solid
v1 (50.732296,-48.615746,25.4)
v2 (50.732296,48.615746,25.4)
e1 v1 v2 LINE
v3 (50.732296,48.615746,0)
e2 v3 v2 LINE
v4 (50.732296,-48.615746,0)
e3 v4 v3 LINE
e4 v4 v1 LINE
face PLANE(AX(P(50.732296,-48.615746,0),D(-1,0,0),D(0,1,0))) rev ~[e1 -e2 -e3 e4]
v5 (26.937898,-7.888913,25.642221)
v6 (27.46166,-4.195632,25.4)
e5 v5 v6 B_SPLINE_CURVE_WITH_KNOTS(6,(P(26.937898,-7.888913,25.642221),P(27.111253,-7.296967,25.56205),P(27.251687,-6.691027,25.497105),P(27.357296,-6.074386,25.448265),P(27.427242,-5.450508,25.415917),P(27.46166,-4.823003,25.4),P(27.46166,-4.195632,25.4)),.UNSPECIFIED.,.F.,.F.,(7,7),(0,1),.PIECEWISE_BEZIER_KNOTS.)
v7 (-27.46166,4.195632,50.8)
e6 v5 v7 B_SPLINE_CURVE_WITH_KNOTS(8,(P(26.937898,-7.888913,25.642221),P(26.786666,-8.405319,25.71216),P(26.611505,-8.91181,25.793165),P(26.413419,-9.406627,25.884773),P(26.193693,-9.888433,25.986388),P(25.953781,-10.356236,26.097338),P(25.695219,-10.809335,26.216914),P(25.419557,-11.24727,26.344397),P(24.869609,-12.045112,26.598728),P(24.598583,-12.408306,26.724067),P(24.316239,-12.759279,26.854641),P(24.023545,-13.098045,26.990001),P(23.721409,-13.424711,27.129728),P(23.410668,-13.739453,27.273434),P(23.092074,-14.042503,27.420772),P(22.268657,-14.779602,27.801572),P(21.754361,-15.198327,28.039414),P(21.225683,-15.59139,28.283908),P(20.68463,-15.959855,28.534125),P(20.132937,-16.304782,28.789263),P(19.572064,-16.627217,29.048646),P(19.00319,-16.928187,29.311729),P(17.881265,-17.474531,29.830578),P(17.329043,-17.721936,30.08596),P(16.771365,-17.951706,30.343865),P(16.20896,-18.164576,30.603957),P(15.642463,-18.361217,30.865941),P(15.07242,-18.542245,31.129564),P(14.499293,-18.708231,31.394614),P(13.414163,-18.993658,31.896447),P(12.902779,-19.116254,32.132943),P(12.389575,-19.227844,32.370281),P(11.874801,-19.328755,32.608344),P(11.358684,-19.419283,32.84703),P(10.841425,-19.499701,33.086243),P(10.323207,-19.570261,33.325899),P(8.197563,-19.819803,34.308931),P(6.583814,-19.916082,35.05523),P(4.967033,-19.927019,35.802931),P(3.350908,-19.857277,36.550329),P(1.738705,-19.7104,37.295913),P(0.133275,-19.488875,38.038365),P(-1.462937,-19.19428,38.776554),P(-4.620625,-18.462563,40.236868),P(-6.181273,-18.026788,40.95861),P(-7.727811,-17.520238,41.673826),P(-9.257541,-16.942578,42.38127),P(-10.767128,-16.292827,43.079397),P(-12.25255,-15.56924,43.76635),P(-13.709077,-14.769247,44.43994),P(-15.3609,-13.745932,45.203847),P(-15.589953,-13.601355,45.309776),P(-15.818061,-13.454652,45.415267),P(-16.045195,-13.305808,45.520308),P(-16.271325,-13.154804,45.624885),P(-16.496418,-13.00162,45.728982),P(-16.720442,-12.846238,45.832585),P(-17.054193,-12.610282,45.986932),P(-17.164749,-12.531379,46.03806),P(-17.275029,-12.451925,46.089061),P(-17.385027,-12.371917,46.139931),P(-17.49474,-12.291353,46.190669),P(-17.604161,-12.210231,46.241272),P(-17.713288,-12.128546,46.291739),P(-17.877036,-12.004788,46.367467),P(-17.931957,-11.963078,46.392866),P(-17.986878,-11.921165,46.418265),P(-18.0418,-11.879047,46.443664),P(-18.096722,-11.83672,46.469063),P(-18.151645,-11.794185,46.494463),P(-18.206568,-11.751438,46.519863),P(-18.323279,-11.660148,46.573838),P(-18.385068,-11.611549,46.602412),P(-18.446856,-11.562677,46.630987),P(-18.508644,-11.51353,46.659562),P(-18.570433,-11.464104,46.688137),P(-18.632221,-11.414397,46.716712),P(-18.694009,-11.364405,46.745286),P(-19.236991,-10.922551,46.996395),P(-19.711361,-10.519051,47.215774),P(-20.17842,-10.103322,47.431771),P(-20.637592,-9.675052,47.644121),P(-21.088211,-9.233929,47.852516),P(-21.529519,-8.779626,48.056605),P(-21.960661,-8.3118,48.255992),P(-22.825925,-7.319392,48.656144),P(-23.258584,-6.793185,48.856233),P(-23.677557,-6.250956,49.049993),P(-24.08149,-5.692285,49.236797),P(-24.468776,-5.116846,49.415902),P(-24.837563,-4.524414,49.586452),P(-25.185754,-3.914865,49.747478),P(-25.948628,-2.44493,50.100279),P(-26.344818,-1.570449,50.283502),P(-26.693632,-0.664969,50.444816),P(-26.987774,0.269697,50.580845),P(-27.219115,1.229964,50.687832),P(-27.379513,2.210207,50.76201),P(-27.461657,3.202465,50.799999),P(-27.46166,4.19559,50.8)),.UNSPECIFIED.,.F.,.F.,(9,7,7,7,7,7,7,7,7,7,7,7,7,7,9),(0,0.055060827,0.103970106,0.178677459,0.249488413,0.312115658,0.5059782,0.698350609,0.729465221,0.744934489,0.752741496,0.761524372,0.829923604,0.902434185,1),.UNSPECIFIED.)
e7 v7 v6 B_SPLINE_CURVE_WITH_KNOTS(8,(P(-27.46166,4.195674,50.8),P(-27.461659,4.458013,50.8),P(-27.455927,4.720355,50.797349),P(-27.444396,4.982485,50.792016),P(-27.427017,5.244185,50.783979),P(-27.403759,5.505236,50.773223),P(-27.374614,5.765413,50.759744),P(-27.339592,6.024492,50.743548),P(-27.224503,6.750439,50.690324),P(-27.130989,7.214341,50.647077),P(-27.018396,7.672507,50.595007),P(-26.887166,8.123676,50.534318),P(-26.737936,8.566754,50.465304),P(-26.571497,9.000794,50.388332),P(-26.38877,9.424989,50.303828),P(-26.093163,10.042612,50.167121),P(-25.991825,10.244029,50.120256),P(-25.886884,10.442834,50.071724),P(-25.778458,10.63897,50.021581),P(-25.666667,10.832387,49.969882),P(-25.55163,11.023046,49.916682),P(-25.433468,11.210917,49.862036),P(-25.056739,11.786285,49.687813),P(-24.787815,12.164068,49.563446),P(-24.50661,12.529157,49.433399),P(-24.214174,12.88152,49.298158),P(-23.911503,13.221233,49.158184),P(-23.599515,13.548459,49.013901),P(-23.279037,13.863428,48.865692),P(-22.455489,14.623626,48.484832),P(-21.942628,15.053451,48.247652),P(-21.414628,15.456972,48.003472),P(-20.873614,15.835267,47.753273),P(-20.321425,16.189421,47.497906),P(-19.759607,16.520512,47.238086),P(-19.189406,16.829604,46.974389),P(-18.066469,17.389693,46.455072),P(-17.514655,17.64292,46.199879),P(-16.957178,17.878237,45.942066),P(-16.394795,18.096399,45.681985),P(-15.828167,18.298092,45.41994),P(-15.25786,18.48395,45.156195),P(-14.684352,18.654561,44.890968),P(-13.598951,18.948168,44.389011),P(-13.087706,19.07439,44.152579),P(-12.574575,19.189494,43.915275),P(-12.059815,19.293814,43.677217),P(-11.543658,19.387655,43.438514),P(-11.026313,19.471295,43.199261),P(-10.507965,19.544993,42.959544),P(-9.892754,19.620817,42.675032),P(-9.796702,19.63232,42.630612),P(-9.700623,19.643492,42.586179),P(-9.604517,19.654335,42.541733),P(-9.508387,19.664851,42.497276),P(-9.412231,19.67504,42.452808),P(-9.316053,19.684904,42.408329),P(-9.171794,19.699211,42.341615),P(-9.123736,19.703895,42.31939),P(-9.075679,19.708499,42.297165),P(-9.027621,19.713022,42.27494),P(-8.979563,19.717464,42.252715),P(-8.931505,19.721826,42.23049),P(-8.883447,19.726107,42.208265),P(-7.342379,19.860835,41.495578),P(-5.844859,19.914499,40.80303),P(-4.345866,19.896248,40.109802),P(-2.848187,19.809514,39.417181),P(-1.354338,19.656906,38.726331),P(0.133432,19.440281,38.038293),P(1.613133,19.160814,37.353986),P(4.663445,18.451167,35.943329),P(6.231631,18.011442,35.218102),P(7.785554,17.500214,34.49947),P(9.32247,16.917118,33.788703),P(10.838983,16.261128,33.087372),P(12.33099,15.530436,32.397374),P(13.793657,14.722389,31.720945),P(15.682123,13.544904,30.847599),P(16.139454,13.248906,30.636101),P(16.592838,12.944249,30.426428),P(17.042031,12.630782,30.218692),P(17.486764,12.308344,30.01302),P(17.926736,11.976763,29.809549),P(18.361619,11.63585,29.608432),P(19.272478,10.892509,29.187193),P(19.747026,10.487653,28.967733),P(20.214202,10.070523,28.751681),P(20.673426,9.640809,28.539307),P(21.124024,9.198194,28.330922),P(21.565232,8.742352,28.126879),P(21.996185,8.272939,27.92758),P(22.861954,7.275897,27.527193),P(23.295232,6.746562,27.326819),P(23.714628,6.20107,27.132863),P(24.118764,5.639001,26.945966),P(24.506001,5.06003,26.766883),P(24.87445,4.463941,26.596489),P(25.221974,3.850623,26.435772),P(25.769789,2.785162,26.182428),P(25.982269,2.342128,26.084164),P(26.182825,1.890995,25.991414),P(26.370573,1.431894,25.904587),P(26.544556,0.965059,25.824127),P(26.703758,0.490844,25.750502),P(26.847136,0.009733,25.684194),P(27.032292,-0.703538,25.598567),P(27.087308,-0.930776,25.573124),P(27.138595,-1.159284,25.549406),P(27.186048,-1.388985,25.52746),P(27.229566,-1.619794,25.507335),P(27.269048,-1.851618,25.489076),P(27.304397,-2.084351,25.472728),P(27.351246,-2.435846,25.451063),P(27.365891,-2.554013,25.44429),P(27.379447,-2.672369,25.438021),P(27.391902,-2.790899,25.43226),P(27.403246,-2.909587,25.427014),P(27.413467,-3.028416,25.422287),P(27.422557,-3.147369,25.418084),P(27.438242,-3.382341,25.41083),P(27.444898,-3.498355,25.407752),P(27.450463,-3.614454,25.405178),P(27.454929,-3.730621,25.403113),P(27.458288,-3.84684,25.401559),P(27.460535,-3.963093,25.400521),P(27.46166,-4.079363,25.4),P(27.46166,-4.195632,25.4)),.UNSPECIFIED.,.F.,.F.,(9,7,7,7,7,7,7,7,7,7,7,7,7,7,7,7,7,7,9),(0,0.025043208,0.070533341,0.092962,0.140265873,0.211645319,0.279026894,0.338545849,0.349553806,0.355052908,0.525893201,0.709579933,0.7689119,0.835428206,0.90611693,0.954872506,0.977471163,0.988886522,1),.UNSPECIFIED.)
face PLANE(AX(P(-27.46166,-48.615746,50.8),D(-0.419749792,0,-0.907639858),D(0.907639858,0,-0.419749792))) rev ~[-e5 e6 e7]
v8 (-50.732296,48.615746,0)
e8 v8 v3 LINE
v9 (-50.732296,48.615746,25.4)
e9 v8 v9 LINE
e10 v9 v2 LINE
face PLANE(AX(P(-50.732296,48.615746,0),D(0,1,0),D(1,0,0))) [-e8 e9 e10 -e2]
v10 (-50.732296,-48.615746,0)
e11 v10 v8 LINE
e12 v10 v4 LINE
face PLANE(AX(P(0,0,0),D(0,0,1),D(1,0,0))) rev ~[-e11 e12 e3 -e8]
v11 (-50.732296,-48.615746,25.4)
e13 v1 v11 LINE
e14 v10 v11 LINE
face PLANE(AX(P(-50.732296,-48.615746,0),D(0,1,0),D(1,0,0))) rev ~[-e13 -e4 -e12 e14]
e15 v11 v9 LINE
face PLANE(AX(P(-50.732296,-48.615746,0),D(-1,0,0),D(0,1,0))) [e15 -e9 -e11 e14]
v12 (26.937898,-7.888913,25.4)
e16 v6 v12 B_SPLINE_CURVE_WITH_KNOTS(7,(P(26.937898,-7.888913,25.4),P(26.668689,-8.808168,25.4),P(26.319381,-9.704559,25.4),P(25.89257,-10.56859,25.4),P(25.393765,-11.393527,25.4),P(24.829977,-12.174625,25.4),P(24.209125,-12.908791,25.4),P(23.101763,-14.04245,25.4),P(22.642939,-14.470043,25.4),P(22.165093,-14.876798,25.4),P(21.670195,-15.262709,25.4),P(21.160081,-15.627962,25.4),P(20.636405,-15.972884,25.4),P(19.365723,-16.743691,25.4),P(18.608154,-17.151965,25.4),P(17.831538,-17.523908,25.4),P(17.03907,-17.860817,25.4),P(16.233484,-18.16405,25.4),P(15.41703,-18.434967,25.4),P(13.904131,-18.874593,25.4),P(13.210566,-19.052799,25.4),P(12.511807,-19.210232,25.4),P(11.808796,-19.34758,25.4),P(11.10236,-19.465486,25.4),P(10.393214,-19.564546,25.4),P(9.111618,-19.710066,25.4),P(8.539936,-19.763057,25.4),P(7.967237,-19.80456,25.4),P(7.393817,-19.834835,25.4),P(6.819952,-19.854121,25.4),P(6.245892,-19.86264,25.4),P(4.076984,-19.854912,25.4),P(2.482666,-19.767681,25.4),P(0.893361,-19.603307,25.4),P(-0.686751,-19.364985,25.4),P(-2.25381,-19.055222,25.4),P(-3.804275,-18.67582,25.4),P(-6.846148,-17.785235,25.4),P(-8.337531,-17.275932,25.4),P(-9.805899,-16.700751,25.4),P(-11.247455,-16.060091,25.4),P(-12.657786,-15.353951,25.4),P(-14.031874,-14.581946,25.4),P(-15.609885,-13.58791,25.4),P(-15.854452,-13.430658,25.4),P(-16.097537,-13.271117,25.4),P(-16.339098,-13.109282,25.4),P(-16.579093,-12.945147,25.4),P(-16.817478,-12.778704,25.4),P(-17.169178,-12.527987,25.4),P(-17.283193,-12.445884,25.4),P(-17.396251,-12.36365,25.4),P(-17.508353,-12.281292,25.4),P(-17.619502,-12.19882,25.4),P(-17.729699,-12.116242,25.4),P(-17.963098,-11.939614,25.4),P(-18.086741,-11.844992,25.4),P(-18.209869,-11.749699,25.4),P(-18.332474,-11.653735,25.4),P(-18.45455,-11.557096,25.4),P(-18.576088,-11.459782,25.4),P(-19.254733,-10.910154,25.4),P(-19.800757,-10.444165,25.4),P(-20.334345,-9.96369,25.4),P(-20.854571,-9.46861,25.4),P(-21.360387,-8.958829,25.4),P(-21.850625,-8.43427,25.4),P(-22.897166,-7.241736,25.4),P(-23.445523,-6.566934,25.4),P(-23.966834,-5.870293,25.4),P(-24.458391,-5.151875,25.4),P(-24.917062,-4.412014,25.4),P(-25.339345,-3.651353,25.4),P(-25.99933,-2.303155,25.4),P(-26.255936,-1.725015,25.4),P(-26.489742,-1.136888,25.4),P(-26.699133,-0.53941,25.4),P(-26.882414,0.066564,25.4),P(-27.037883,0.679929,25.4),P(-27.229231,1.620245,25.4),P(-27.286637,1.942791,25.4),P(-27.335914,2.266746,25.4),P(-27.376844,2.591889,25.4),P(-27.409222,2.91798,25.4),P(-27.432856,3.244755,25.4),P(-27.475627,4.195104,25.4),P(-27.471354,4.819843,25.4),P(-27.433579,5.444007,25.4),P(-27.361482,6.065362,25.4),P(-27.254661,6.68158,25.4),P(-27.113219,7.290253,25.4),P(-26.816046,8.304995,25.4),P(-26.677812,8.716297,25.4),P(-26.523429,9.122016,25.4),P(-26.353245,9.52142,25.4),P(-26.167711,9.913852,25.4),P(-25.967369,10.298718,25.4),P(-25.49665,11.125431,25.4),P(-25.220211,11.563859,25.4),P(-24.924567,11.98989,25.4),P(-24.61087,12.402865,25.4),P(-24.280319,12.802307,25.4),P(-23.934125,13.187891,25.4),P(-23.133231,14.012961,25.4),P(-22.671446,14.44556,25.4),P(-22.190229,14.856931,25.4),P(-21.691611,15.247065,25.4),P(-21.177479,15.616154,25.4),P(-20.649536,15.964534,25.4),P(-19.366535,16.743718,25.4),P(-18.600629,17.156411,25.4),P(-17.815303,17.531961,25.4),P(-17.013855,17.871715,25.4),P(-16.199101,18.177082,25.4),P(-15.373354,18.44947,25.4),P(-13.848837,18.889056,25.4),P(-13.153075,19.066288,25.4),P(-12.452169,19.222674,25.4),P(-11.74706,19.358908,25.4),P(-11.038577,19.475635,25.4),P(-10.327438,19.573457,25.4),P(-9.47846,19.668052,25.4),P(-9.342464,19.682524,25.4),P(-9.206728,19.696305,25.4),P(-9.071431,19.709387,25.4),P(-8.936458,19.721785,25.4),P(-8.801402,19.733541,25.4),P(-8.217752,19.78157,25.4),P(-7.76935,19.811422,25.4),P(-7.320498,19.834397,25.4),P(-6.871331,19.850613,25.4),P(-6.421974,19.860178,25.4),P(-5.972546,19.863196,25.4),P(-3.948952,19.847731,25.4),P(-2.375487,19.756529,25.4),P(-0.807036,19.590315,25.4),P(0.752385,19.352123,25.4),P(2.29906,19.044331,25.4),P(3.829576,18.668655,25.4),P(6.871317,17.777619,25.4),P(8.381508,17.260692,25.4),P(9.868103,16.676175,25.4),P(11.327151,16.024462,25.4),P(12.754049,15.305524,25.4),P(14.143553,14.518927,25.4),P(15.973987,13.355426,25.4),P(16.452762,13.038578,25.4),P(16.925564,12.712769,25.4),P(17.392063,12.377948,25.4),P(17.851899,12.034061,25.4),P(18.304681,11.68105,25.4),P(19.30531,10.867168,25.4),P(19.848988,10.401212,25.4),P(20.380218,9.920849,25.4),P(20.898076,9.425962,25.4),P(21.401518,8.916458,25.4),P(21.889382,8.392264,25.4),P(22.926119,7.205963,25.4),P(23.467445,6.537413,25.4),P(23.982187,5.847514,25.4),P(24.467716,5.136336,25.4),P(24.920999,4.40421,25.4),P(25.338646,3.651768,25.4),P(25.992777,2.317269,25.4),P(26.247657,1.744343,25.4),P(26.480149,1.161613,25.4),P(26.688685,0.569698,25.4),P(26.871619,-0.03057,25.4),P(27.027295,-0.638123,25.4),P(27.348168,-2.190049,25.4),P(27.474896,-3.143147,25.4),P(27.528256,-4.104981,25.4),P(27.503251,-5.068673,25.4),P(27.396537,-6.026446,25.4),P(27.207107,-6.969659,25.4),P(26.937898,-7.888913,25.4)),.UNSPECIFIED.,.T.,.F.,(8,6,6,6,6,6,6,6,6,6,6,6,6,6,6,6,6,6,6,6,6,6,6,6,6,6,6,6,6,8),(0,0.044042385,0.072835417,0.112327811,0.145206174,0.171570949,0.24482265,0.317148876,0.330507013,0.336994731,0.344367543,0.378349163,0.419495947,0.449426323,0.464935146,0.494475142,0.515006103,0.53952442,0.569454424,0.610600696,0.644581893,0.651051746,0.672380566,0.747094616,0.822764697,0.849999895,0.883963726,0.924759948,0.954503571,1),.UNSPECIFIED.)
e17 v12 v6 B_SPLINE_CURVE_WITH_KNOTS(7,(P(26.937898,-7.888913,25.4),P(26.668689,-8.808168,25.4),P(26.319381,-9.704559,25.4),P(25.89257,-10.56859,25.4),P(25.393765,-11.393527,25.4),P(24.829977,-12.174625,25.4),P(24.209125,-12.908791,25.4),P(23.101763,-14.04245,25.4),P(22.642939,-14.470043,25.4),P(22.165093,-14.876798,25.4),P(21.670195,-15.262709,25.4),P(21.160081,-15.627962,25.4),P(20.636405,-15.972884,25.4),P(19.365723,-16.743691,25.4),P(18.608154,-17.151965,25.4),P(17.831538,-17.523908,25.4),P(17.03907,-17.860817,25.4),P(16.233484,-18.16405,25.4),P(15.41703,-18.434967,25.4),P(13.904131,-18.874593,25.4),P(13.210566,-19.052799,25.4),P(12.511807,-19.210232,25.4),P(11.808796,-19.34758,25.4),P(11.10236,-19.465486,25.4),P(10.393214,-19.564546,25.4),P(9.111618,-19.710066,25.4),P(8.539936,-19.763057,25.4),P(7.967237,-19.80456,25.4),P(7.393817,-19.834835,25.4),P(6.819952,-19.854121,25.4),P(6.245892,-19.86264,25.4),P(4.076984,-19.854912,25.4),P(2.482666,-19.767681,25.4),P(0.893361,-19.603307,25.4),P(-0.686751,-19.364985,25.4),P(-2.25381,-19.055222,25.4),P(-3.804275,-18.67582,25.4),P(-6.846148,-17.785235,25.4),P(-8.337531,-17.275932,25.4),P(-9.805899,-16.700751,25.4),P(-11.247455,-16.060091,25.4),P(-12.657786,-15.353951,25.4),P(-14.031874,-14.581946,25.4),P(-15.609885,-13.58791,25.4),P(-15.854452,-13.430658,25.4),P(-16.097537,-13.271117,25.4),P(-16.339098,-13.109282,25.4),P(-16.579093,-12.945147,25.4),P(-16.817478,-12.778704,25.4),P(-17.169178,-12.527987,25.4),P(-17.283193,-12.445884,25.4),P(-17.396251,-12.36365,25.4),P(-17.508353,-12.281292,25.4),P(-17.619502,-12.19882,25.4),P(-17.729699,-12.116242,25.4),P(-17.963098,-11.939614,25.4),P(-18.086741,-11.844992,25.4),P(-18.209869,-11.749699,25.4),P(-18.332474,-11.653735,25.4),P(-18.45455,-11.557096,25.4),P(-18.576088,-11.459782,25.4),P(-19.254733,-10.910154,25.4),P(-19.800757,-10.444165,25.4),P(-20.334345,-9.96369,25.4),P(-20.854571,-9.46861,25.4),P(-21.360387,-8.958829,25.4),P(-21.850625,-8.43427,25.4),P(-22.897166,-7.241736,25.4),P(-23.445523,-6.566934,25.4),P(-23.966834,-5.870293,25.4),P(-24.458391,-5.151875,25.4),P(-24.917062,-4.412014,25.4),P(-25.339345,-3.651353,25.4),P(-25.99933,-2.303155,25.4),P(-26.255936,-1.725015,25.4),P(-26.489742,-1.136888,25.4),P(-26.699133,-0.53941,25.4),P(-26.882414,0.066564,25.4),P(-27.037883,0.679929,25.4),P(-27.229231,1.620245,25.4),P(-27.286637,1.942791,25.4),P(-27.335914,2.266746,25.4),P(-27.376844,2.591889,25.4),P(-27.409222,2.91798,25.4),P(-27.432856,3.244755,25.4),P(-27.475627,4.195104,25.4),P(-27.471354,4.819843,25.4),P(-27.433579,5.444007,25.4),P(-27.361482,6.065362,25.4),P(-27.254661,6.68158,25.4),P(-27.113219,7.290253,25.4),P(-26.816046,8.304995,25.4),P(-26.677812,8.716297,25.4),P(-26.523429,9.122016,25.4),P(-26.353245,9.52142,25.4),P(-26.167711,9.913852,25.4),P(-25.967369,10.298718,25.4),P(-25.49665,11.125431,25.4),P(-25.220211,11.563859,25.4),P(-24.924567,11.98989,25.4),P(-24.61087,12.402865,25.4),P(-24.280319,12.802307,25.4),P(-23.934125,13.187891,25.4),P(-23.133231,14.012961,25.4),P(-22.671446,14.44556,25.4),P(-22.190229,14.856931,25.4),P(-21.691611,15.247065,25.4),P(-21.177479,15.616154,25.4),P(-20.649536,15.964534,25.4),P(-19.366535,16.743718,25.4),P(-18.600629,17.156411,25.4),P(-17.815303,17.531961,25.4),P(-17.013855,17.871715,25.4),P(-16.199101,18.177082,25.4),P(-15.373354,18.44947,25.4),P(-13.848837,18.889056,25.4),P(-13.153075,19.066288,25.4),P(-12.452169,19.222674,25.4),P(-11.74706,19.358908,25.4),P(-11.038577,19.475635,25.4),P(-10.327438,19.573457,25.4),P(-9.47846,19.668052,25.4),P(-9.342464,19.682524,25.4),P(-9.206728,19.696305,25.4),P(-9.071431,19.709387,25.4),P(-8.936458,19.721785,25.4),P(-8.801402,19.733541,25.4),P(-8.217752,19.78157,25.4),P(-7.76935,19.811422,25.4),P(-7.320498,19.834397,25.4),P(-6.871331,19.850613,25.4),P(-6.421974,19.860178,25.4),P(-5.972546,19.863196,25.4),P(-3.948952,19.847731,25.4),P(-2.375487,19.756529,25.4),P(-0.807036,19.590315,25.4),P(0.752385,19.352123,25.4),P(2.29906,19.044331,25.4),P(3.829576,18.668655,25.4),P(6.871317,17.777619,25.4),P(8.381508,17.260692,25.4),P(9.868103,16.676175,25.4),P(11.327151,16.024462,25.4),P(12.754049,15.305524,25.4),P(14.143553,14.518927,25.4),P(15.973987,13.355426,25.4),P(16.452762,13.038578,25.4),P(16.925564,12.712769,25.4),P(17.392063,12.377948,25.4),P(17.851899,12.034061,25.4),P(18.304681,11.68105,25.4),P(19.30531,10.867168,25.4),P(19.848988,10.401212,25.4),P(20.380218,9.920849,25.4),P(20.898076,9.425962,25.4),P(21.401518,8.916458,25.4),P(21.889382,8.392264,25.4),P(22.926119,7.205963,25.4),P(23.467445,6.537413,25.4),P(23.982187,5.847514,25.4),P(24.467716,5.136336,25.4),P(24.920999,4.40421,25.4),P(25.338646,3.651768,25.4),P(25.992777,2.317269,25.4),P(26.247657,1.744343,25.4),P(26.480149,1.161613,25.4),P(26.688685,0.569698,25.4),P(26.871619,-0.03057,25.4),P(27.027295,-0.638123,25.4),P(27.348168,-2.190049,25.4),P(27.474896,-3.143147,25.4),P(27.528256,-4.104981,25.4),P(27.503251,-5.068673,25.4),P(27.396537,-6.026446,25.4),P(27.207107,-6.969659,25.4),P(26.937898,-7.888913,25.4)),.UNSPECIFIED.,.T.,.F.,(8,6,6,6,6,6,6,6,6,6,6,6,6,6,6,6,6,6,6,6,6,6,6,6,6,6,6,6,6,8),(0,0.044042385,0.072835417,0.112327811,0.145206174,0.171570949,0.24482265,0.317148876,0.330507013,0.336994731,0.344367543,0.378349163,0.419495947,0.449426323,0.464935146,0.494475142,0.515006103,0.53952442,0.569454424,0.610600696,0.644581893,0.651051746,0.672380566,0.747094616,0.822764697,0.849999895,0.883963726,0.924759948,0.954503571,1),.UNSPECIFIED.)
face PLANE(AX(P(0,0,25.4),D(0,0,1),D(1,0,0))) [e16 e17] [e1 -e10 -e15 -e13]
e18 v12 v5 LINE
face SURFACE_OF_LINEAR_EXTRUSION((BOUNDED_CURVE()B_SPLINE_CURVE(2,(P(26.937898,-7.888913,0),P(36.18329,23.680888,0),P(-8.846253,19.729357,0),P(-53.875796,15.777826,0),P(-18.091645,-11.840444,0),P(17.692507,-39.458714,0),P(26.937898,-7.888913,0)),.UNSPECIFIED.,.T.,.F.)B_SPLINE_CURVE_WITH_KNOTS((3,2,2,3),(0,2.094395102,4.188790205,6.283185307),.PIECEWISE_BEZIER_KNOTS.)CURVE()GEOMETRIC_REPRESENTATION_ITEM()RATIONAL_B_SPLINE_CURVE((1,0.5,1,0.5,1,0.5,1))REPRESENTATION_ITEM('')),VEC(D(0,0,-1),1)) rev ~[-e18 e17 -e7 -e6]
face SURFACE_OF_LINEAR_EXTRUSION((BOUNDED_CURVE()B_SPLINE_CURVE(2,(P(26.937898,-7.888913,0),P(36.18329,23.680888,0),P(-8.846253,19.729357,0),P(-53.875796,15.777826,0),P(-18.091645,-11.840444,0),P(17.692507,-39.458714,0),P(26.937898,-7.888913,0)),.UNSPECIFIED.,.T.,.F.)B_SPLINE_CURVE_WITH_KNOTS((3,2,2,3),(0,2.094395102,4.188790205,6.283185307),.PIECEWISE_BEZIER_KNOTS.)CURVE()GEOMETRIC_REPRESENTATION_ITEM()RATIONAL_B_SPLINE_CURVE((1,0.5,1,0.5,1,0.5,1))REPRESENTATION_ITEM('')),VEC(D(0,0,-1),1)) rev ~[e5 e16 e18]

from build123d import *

# Parameters (mm, degrees)
F0_W     = 101.4645919204
F0_H     = 97.2314924002
F1_DEPTH = 25.4
F3_DEPTH = 50.8
F5_DEPTH = 97.2324925002


with BuildPart() as f1:
    # F0 (on Top) → F1 (new body)
    with BuildSketch(Plane.XY):
        Rectangle(F0_W, F0_H)
    extrude(amount=F1_DEPTH)

    # F2 (on Top) → F3 (join)
    with BuildSketch(Plane.XY):
        with BuildLine():
            add(Edge.make_bspline(
                [(26.9378982484, -7.8889131546), (36.1832899021, 23.6808880022), (-8.8462532974, 19.7293571557), (-53.8757964969, 15.7778263092), (-18.0916449511, -11.8404440011), (17.6925065947, -39.4587143115), (26.9378982484, -7.8889131546)],
                knots=[0, 0, 0, 2.0943951024, 2.0943951024, 4.1887902048, 4.1887902048, 6.2831853072, 6.2831853072, 6.2831853072], degree=2, weights=[1, 0.5, 1, 0.5, 1, 0.5, 1]))
        make_face()
    extrude(amount=F3_DEPTH)

    # F4 (on face) → F5 (cut, through all)
    with BuildSketch(Plane.XZ.offset(48.6157462001)):
        Polygon((27.4616602615, 50.8), (-27.4616602615, 50.8), (27.4616602615, 25.4), align=None)
    extrude(amount=-F5_DEPTH, mode=Mode.SUBTRACT)


solid = f1.part
